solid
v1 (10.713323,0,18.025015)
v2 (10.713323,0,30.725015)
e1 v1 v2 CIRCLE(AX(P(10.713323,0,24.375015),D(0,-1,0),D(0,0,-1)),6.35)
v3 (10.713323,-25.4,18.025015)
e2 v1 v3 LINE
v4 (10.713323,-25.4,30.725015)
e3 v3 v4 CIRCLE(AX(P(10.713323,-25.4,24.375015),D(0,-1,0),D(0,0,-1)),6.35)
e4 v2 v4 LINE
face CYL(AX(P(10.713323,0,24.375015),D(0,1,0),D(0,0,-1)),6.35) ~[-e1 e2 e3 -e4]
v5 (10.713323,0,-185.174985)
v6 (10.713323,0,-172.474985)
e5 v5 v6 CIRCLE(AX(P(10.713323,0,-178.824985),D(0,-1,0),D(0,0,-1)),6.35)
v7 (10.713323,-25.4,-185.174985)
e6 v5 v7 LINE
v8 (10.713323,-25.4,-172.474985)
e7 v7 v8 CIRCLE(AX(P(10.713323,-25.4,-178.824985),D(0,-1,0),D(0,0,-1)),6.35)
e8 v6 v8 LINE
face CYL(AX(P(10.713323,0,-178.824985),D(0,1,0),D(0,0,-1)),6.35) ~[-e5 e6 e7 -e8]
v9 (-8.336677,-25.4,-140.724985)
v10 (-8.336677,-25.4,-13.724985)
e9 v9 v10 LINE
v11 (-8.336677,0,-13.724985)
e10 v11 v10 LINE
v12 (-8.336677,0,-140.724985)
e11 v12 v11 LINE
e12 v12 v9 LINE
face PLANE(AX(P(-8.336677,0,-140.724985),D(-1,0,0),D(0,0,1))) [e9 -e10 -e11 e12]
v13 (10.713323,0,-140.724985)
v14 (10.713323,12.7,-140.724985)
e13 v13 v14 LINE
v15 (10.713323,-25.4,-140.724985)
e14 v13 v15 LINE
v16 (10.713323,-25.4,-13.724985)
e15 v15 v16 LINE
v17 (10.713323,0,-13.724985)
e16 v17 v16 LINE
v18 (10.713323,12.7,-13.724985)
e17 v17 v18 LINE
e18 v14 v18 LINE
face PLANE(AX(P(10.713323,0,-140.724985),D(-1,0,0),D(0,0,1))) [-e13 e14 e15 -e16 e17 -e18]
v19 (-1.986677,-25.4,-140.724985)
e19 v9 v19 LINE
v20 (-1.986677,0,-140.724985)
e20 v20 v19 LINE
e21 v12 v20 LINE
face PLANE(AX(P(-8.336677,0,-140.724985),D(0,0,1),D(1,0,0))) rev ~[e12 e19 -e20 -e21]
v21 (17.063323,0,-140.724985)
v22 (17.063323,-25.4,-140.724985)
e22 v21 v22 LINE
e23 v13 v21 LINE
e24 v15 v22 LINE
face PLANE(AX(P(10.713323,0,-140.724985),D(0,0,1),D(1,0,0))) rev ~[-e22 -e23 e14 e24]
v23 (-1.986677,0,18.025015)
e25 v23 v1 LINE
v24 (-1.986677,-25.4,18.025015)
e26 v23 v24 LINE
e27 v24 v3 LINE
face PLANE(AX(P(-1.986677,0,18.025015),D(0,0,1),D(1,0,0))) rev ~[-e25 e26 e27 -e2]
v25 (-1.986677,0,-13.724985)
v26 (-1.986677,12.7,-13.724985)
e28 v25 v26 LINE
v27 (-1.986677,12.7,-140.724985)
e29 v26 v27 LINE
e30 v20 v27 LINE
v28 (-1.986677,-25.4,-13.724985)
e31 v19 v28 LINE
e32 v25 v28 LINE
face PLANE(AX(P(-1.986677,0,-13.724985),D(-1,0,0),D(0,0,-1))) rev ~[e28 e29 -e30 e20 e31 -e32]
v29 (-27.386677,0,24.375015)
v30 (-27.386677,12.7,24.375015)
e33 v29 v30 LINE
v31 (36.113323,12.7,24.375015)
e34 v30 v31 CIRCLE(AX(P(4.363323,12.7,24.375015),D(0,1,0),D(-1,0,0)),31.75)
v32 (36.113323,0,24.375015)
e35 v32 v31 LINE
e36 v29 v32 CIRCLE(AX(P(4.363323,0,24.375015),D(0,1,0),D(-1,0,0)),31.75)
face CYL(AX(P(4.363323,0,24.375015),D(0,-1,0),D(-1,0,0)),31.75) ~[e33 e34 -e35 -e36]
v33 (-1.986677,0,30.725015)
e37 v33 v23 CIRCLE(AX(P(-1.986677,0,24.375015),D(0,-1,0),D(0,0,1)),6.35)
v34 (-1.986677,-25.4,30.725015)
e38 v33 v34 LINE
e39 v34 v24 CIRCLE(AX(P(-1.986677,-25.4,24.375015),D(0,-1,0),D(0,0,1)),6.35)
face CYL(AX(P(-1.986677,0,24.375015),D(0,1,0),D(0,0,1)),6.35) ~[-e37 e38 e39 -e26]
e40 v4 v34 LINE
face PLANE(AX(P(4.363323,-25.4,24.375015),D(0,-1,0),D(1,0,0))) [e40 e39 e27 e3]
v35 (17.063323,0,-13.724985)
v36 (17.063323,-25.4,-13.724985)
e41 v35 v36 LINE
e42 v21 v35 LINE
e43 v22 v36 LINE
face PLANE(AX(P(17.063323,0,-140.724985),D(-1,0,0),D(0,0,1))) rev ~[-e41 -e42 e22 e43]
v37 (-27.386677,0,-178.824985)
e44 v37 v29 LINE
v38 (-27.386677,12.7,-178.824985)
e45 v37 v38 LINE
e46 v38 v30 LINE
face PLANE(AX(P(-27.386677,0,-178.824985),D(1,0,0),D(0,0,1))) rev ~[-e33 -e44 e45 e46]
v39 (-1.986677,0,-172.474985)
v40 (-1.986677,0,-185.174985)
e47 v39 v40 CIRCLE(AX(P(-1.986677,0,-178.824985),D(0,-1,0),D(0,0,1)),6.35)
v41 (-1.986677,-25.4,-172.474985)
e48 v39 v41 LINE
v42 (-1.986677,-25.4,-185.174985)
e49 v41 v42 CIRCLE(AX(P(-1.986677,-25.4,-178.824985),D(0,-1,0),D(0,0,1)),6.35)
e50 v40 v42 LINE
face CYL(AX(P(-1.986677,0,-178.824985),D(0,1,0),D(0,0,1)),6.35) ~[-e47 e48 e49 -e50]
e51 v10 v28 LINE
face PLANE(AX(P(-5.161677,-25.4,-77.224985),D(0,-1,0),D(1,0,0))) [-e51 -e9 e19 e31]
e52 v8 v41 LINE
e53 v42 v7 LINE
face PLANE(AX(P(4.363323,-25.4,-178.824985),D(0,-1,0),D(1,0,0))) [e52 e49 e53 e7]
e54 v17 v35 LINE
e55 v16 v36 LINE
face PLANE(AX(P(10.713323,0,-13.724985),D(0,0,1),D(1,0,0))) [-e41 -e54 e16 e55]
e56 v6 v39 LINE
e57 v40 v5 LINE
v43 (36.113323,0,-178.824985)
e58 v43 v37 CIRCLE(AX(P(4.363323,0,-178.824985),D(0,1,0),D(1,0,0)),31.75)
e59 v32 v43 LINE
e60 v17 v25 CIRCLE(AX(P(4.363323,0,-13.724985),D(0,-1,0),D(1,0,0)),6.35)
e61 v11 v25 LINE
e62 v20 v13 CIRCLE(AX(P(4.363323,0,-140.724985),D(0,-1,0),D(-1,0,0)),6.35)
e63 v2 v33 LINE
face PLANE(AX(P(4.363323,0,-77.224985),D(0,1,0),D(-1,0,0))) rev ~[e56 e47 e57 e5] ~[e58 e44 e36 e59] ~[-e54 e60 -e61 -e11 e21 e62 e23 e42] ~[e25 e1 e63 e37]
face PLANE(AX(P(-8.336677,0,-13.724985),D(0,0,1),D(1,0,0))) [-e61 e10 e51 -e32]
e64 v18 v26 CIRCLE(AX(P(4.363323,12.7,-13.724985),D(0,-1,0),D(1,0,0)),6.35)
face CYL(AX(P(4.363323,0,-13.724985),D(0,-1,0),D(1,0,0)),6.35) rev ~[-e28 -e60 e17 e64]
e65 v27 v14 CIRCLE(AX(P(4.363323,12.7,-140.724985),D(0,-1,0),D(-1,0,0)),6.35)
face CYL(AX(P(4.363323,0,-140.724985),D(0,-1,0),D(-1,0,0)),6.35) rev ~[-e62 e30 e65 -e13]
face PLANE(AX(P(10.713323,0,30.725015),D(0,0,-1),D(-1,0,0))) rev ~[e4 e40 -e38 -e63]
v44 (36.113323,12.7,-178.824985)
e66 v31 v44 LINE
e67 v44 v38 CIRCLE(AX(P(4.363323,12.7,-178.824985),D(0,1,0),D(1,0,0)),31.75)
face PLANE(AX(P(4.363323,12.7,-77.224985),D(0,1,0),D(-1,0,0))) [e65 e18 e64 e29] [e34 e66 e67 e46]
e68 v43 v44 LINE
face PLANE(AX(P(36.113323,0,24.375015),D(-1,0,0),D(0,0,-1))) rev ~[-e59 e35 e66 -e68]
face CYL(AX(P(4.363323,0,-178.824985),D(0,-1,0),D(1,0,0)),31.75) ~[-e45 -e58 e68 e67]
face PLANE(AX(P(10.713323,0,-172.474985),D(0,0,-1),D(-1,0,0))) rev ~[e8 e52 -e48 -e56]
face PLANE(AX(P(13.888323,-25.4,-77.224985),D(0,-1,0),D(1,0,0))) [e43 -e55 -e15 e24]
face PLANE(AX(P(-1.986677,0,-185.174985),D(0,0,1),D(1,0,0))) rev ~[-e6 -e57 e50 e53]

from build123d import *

# Parameters (mm, degrees)
F1_DEPTH = 25.4
F3_DEPTH = 12.7
F4_W     = 6.35
F4_H     = 127
F5_DEPTH = 25.4


with BuildPart() as f1:
    # F0 (on Front) → F1 (new body)
    with BuildSketch(Plane.XZ):
        with BuildLine():
            Line((10.7133227866, 30.7250145495), (-1.9866772134, 30.7250145495))
            ThreePointArc((-1.9866772134, 30.7250145495), (-8.3366772134, 24.3750145495), (-1.9866772134, 18.0250145495))
            Line((-1.9866772134, 18.0250145495), (10.7133227866, 18.0250145495))
            ThreePointArc((10.7133227866, 18.0250145495), (17.0633227866, 24.3750145495), (10.7133227866, 30.7250145495))
        make_face()
    extrude(amount=F1_DEPTH)



with BuildPart() as f1b:
    # F0 (on Front) → F1, piece 2 (new body)
    with BuildSketch(Plane.XZ):
        with BuildLine():
            Line((10.7133227866, -172.4749854505), (-1.9866772134, -172.4749854505))
            ThreePointArc((-1.9866772134, -172.4749854505), (-8.3366772134, -178.8249854505), (-1.9866772134, -185.1749854505))
            Line((-1.9866772134, -185.1749854505), (10.7133227866, -185.1749854505))
            ThreePointArc((10.7133227866, -185.1749854505), (17.0633227866, -178.8249854505), (10.7133227866, -172.4749854505))
        make_face()
    extrude(amount=F1_DEPTH)


with BuildPart() as f1_1:
    add(f1.part)

    add(f1b.part)  # F3 merges F1b
    # F2 (on face) → F3 (join)
    with BuildSketch(Plane(origin=(0, 0, 0), x_dir=(-1, 0, 0), z_dir=(0, 1, 0))):
        with BuildLine():
            ThreePointArc((27.3866772134, 24.3750145495), (-4.3633227866, 56.1250145495), (-36.1133227866, 24.3750145495))
            Line((-36.1133227866, 24.3750145495), (-36.1133227866, -178.8249854505))
            ThreePointArc((-36.1133227866, -178.8249854505), (-4.3633227866, -210.5749854505), (27.3866772134, -178.8249854505))
            Line((27.3866772134, -178.8249854505), (27.3866772134, 24.3750145495))
        make_face()
        with BuildLine():
            Line((-10.7133227866, -140.7249854505), (-10.7133227866, -13.7249854505))
            ThreePointArc((-10.7133227866, -13.7249854505), (-4.3633227866, -7.3749854505), (1.9866772134, -13.7249854505))
            Line((1.9866772134, -13.7249854505), (1.9866772134, -140.7249854505))
            ThreePointArc((1.9866772134, -140.7249854505), (-4.3633227866, -147.0749854505), (-10.7133227866, -140.7249854505))
        make_face(mode=Mode.SUBTRACT)
    extrude(amount=F3_DEPTH)

    # F4 (on face) → F5 (join)
    with BuildSketch(Plane.XZ):
        with Locations((13.8883227866, -77.2249854505)):
            Rectangle(F4_W, F4_H)
        with Locations((-5.1616772134, -77.2249854505)):
            Rectangle(F4_W, F4_H)
    extrude(amount=F5_DEPTH)


solid = f1_1.part
